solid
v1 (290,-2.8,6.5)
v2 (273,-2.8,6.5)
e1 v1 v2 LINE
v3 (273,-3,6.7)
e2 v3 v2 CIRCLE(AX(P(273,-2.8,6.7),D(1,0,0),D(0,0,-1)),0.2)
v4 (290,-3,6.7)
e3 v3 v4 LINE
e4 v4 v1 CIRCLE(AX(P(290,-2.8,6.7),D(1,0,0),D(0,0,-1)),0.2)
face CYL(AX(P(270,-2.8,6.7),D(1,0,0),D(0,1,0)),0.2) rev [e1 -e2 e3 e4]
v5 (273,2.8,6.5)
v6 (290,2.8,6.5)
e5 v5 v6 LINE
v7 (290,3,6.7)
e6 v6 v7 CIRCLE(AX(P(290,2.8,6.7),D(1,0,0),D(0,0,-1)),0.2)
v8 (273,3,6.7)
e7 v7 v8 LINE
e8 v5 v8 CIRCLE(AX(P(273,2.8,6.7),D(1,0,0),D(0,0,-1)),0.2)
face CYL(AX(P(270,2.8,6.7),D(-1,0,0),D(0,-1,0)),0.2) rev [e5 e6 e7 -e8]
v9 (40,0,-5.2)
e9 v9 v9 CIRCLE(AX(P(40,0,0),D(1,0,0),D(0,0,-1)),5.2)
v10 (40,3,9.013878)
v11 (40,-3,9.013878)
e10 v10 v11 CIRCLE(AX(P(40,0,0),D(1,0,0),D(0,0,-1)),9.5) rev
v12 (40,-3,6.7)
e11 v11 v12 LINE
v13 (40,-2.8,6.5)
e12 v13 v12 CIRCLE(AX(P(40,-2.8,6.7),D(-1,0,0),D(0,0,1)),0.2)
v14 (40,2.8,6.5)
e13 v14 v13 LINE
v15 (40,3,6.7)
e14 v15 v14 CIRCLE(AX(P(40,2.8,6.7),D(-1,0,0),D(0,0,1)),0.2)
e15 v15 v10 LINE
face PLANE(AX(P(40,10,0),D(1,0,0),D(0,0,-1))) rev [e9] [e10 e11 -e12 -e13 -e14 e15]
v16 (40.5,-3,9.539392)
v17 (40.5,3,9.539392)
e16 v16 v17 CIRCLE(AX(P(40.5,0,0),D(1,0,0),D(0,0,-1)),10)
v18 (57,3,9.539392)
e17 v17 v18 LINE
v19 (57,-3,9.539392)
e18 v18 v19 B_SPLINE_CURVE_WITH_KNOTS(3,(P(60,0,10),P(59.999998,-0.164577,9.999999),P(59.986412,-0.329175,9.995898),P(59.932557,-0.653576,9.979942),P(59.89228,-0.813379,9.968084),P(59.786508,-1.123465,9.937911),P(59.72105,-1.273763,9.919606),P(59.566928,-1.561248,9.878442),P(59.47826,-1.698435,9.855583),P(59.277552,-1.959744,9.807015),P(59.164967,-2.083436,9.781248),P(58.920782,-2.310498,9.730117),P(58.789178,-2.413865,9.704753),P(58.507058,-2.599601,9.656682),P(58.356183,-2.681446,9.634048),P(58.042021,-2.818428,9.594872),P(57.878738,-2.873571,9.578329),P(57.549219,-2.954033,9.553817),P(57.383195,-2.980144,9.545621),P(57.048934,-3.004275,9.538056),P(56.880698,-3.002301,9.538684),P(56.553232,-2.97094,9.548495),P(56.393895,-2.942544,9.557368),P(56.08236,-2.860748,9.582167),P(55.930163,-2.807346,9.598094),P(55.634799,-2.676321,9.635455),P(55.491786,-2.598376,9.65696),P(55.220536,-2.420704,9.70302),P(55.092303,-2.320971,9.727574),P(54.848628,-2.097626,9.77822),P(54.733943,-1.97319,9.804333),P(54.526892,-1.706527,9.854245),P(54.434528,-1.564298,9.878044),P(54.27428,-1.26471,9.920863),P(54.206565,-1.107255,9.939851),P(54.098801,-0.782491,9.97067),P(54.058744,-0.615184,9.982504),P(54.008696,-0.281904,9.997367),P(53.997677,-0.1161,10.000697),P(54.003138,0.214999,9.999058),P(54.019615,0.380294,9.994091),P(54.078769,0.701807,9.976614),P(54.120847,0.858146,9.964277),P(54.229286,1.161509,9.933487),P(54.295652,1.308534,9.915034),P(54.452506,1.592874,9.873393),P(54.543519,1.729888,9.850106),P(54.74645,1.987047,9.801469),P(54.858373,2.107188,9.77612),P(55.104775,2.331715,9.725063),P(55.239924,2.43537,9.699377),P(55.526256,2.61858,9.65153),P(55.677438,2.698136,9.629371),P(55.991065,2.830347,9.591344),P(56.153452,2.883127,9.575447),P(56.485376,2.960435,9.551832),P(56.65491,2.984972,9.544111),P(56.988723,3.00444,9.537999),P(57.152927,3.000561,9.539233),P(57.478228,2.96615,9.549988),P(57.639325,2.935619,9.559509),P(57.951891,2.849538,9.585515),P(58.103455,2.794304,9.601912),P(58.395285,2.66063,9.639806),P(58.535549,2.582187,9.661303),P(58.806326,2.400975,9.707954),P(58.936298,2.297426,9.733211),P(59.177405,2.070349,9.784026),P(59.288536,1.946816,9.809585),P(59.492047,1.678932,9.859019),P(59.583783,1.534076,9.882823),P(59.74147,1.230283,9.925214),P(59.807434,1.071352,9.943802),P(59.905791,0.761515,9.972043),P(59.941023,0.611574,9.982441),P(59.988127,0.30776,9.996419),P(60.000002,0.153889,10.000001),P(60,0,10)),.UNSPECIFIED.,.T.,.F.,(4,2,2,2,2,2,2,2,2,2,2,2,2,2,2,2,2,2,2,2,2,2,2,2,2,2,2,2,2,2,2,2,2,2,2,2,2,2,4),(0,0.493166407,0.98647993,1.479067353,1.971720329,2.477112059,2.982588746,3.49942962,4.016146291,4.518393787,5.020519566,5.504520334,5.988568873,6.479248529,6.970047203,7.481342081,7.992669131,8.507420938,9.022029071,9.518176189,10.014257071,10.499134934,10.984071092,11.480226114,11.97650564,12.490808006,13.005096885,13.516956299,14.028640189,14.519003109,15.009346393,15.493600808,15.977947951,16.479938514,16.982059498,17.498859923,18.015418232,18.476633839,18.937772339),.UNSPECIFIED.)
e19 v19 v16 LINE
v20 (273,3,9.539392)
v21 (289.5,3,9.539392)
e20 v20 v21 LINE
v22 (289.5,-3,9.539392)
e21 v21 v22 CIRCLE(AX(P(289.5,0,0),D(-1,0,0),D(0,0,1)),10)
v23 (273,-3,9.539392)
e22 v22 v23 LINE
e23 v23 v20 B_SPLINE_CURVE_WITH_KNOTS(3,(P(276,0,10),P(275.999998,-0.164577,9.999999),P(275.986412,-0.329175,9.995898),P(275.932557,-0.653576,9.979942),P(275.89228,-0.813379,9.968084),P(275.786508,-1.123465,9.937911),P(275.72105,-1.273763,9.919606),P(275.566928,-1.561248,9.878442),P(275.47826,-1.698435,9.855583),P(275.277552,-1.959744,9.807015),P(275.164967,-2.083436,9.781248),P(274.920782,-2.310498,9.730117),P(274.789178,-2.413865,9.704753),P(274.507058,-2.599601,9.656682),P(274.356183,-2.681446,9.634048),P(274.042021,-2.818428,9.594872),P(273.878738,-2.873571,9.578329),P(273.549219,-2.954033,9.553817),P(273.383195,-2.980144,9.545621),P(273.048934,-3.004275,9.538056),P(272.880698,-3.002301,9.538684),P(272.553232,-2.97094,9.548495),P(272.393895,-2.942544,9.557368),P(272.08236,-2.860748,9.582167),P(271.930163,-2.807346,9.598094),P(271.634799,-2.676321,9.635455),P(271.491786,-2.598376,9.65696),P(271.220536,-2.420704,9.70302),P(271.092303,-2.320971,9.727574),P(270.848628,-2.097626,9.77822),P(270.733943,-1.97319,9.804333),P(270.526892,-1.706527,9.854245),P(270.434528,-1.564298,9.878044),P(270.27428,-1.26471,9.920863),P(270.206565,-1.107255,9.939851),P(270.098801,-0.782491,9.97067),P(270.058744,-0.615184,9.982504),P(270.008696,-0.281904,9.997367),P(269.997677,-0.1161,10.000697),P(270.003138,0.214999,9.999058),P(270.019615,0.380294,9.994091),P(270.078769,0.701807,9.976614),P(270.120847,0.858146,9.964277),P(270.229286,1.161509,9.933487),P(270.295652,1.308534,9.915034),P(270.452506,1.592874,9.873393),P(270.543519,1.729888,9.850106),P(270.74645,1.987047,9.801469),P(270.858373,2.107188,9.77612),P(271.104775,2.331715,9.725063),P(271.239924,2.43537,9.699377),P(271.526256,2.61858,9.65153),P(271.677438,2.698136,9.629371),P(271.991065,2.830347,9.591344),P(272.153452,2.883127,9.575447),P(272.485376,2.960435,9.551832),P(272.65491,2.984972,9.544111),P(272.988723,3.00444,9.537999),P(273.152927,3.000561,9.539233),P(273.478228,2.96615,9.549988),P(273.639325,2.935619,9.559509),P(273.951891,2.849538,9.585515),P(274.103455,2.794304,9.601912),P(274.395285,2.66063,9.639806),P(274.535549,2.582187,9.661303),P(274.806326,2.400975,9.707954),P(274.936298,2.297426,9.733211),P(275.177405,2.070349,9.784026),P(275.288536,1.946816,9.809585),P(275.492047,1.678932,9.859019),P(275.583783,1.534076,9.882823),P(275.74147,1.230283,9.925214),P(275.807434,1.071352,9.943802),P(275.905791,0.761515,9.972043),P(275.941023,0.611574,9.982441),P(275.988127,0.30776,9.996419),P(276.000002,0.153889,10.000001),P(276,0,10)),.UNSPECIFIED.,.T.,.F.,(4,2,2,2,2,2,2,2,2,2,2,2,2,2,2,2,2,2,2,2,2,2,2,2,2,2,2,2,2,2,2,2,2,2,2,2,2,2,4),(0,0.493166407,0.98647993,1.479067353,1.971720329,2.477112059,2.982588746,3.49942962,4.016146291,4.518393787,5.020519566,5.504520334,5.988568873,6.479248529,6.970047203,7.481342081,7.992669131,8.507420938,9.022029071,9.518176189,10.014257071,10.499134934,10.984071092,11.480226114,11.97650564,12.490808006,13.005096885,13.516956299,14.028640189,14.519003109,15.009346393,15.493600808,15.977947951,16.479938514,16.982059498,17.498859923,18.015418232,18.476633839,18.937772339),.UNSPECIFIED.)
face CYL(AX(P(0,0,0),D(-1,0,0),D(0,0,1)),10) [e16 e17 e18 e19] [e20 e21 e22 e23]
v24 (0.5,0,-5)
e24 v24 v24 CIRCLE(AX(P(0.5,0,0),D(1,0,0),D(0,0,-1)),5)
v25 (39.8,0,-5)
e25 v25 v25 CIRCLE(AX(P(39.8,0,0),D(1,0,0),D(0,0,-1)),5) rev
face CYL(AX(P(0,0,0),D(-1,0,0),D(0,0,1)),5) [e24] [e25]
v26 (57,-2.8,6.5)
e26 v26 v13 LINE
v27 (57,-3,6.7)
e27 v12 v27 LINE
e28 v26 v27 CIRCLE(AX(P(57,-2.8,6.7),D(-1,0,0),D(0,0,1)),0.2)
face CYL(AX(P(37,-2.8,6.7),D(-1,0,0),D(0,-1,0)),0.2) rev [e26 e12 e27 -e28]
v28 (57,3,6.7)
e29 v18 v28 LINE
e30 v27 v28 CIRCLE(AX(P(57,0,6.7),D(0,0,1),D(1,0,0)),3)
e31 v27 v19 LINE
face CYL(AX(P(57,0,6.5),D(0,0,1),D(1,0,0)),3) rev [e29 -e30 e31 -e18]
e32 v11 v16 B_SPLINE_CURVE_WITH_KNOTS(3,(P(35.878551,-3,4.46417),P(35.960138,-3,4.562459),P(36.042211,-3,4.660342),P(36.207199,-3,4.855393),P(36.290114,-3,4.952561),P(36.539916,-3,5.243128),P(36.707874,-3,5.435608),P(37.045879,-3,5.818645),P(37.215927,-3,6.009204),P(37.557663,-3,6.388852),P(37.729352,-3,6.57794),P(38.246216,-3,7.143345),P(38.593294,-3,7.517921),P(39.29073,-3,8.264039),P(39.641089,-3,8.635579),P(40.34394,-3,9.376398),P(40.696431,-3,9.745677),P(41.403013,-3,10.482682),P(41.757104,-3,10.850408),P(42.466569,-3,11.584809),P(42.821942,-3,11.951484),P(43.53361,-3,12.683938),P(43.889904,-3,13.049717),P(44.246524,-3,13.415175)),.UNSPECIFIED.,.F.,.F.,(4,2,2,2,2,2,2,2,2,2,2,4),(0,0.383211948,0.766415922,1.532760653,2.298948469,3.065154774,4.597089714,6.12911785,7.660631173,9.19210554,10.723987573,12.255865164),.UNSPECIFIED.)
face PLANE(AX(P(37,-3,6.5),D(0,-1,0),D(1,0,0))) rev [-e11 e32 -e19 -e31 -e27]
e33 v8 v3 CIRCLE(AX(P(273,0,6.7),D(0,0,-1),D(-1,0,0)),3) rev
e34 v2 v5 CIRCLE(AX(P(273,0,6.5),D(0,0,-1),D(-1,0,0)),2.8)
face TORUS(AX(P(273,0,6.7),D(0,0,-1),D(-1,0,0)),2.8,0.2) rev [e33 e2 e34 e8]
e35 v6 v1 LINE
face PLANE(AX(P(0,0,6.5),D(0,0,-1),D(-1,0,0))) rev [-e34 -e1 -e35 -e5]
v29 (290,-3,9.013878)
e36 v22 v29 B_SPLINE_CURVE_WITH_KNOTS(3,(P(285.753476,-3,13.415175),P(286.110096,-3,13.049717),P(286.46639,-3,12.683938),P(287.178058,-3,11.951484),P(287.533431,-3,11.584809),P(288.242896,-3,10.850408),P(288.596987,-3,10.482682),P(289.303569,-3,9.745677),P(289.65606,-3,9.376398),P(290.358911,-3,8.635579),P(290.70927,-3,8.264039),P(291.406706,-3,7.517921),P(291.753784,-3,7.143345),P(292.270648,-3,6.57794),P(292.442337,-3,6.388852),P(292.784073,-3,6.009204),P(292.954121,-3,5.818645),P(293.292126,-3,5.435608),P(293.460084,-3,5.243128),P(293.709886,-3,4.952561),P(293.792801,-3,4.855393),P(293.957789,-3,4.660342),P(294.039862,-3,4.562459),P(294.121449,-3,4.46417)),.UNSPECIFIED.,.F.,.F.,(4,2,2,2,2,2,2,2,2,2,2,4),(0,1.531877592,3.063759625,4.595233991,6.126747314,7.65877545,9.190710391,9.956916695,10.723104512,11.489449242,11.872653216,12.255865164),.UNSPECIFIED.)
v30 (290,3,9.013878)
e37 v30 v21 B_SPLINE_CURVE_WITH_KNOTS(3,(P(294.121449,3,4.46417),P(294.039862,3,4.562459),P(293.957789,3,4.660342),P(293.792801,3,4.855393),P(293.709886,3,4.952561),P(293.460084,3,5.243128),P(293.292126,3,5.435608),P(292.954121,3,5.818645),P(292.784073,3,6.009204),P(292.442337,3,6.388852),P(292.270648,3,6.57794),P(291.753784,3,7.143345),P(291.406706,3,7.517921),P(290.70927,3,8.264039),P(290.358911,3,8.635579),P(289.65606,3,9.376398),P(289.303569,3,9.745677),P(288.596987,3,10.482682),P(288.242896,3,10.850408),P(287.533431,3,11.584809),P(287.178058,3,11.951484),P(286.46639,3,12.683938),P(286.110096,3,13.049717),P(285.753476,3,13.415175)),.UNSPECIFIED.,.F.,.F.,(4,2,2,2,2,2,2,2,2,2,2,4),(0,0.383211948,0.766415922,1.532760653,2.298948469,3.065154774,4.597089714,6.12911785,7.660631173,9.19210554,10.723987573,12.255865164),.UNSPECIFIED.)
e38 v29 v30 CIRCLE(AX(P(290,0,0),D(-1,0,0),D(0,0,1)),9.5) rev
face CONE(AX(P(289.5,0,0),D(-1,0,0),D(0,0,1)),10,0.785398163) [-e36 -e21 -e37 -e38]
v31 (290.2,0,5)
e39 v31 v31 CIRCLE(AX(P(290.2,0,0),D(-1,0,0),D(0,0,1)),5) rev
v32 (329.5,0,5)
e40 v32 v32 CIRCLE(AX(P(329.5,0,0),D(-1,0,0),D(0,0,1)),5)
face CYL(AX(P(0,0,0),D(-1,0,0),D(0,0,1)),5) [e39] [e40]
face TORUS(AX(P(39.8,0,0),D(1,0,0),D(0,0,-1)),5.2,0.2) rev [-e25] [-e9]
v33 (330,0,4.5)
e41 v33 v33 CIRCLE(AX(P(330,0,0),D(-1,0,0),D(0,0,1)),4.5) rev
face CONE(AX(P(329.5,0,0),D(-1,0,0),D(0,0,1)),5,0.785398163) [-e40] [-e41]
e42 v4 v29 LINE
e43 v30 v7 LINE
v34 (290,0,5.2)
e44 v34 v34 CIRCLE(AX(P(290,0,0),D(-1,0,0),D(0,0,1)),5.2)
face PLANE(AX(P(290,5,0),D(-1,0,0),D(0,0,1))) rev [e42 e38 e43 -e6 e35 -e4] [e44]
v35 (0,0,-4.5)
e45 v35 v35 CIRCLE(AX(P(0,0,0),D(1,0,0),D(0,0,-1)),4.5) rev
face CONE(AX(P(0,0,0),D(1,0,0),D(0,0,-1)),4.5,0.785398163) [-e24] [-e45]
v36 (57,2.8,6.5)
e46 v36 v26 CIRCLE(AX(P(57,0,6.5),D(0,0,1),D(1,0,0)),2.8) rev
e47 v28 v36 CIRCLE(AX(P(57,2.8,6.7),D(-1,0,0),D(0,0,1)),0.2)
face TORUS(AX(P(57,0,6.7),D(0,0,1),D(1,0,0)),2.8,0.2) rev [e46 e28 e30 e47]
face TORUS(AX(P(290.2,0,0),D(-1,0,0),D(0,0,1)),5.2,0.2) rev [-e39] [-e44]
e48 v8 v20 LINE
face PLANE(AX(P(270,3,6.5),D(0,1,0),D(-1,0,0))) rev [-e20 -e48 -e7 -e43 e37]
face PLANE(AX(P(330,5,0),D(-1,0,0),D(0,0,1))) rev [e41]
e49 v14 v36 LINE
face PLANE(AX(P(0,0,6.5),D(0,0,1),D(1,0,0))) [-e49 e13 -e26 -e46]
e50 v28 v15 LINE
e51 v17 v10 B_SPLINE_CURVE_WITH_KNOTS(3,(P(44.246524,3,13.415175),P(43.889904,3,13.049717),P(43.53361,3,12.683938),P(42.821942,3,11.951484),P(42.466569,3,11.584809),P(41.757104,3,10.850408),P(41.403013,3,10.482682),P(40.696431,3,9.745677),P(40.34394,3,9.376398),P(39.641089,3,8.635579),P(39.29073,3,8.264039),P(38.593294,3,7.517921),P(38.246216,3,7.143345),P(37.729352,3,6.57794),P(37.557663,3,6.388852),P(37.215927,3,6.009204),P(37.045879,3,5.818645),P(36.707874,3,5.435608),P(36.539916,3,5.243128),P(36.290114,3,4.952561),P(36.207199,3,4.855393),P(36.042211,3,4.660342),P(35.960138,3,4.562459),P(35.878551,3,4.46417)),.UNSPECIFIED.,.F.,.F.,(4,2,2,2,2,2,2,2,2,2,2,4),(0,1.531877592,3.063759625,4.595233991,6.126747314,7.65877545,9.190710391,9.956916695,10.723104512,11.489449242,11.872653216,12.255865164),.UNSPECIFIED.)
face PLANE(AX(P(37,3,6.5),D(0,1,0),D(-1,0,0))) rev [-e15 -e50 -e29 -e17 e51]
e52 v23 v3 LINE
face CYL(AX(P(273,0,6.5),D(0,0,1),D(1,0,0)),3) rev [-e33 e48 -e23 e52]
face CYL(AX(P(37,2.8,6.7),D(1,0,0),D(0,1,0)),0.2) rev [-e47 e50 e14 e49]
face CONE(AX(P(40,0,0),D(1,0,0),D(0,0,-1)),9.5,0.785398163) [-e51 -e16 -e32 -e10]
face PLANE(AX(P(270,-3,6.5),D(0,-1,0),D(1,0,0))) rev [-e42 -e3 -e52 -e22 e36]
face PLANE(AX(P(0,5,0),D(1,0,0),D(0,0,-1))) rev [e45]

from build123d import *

# Parameters (mm, degrees)
CHAMFER1_SIZE       = 0.5
CHAMFER2_SIZE       = 0.5
CHAMFER3_SIZE       = 0.5
CHAMFER4_SIZE       = 0.5
FILLET1_R           = 0.2
FILLET2_R           = 0.2
SKETCH4_W           = 23
SKETCH4_H           = 6
BOSS_EXTRUDE3_DEPTH = 3.5
SKETCH5_W           = 23
SKETCH5_H           = 6
BOSS_EXTRUDE4_DEPTH = 3.5
FILLET6_RADIUS      = 3
FILLET6_LENGTH      = 3.5
FILLET7_RADIUS      = 3
FILLET7_LENGTH      = 3.5
FILLET8_R           = 0.2
FILLET9_RADIUS      = 3
FILLET9_LENGTH      = 3.5
FILLET10_RADIUS     = 3
FILLET10_LENGTH     = 3.5
FILLET11_R          = 0.2


with BuildPart() as part:
    # Sketch1 → Revolve1 (revolve)
    with BuildSketch(Plane.XY, mode=Mode.PRIVATE) as revolve1_sk:
        Polygon((0, 0), (330, 0), (330, 5), (290, 5), (290, 10), (40, 10), (40, 5), (0, 5), align=None)
    revolve(revolve1_sk.sketch.rotate(Axis((0, 0, 0), (1, 0, 0)), 90), axis=Axis((0, 0, 0), (1, 0, 0)))

    # Chamfer1
    chamfer1_edges = [part.edges().sort_by_distance(p)[0] for p in [
        (290, 0, -10),
    ]]
    chamfer(chamfer1_edges, length=CHAMFER1_SIZE)

    # Chamfer2
    chamfer2_edges = [part.edges().sort_by_distance(p)[0] for p in [
        (40, 0, -10),
    ]]
    chamfer(chamfer2_edges, length=CHAMFER2_SIZE)

    # Chamfer3
    chamfer3_edges = [part.edges().sort_by_distance(p)[0] for p in [
        (0, 0, -5),
    ]]
    chamfer(chamfer3_edges, length=CHAMFER3_SIZE)

    # Chamfer4
    chamfer4_edges = [part.edges().sort_by_distance(p)[0] for p in [
        (330, 0, -5),
    ]]
    chamfer(chamfer4_edges, length=CHAMFER4_SIZE)

    # Fillet1
    fillet1_edges = [part.edges().sort_by_distance(p)[0] for p in [
        (40, 0, -5),
    ]]
    fillet(fillet1_edges, radius=FILLET1_R)

    # Fillet2
    fillet2_edges = [part.edges().sort_by_distance(p)[0] for p in [
        (290, 0, -5),
    ]]
    fillet(fillet2_edges, radius=FILLET2_R)


with BuildPart() as body_2:
    # Sketch4 → Boss-Extrude3 (new body)
    with BuildSketch(Plane.XY.offset(10)):
        with Locations((48.5, 0)):
            Rectangle(SKETCH4_W, SKETCH4_H)
    extrude(amount=-BOSS_EXTRUDE3_DEPTH)

    # Fillet6: full round fillet: the end face becomes a half cylinder, R = half its width
    fillet6_face = Plane((37, 0, 8.25), x_dir=(0, 0, 1), z_dir=(-1, 0, 0))  # on the end face: x along it, z out of the body
    fillet6_slab = fillet6_face.offset(-FILLET6_RADIUS / 2) * Box(FILLET6_LENGTH, 2 * FILLET6_RADIUS, FILLET6_RADIUS, mode=Mode.PRIVATE)  # the body's end, R deep
    fillet6_round = Plane((40, 0, 8.25), x_dir=(-1, 0, 0), z_dir=(0, 0, 1)) * Cylinder(FILLET6_RADIUS, FILLET6_LENGTH, mode=Mode.PRIVATE)  # its axis R under the face
    add(fillet6_slab - fillet6_round, mode=Mode.SUBTRACT)

    # Fillet7: full round fillet: the end face becomes a half cylinder, R = half its width
    fillet7_face = Plane((60, 0, 8.25), x_dir=(0, 0, -1), z_dir=(1, 0, 0))  # on the end face: x along it, z out of the body
    fillet7_slab = fillet7_face.offset(-FILLET7_RADIUS / 2) * Box(FILLET7_LENGTH, 2 * FILLET7_RADIUS, FILLET7_RADIUS, mode=Mode.PRIVATE)  # the body's end, R deep
    fillet7_round = Plane((57, 0, 8.25), x_dir=(1, 0, 0), z_dir=(0, 0, -1)) * Cylinder(FILLET7_RADIUS, FILLET7_LENGTH, mode=Mode.PRIVATE)  # its axis R under the face
    add(fillet7_slab - fillet7_round, mode=Mode.SUBTRACT)

    # Fillet8
    fillet8_edges = [body_2.edges().sort_by_distance(p)[0] for p in [
        (48.5, -3, 6.5),
        (37, 0, 6.5),
        (48.5, 3, 6.5),
        (60, 0, 6.5),
    ]]
    fillet(fillet8_edges, radius=FILLET8_R)


with BuildPart() as body_3:
    # Sketch5 → Boss-Extrude4 (new body)
    with BuildSketch(Plane.XY.offset(10)):
        with Locations((281.5, 0)):
            Rectangle(SKETCH5_W, SKETCH5_H)
    extrude(amount=-BOSS_EXTRUDE4_DEPTH)

    # Fillet9: full round fillet: the end face becomes a half cylinder, R = half its width
    fillet9_face = Plane((293, 0, 8.25), x_dir=(0, 0, 1), z_dir=(1, 0, 0))  # on the end face: x along it, z out of the body
    fillet9_slab = fillet9_face.offset(-FILLET9_RADIUS / 2) * Box(FILLET9_LENGTH, 2 * FILLET9_RADIUS, FILLET9_RADIUS, mode=Mode.PRIVATE)  # the body's end, R deep
    fillet9_round = Plane((290, 0, 8.25), x_dir=(1, 0, 0), z_dir=(0, 0, 1)) * Cylinder(FILLET9_RADIUS, FILLET9_LENGTH, mode=Mode.PRIVATE)  # its axis R under the face
    add(fillet9_slab - fillet9_round, mode=Mode.SUBTRACT)

    # Fillet10: full round fillet: the end face becomes a half cylinder, R = half its width
    fillet10_face = Plane((270, 0, 8.25), x_dir=(0, 0, 1), z_dir=(-1, 0, 0))  # on the end face: x along it, z out of the body
    fillet10_slab = fillet10_face.offset(-FILLET10_RADIUS / 2) * Box(FILLET10_LENGTH, 2 * FILLET10_RADIUS, FILLET10_RADIUS, mode=Mode.PRIVATE)  # the body's end, R deep
    fillet10_round = Plane((273, 0, 8.25), x_dir=(-1, 0, 0), z_dir=(0, 0, 1)) * Cylinder(FILLET10_RADIUS, FILLET10_LENGTH, mode=Mode.PRIVATE)  # its axis R under the face
    add(fillet10_slab - fillet10_round, mode=Mode.SUBTRACT)

    # Fillet11
    fillet11_edges = [body_3.edges().sort_by_distance(p)[0] for p in [
        (281.5, 3, 6.5),
        (293, 0, 6.5),
        (281.5, -3, 6.5),
        (270, 0, 6.5),
    ]]
    fillet(fillet11_edges, radius=FILLET11_R)


with BuildPart() as part_1:
    add(part.part)

    # Combine2: cut body 2, body 3
    add(body_2.part, mode=Mode.SUBTRACT)
    add(body_3.part, mode=Mode.SUBTRACT)


solid = part_1.part
